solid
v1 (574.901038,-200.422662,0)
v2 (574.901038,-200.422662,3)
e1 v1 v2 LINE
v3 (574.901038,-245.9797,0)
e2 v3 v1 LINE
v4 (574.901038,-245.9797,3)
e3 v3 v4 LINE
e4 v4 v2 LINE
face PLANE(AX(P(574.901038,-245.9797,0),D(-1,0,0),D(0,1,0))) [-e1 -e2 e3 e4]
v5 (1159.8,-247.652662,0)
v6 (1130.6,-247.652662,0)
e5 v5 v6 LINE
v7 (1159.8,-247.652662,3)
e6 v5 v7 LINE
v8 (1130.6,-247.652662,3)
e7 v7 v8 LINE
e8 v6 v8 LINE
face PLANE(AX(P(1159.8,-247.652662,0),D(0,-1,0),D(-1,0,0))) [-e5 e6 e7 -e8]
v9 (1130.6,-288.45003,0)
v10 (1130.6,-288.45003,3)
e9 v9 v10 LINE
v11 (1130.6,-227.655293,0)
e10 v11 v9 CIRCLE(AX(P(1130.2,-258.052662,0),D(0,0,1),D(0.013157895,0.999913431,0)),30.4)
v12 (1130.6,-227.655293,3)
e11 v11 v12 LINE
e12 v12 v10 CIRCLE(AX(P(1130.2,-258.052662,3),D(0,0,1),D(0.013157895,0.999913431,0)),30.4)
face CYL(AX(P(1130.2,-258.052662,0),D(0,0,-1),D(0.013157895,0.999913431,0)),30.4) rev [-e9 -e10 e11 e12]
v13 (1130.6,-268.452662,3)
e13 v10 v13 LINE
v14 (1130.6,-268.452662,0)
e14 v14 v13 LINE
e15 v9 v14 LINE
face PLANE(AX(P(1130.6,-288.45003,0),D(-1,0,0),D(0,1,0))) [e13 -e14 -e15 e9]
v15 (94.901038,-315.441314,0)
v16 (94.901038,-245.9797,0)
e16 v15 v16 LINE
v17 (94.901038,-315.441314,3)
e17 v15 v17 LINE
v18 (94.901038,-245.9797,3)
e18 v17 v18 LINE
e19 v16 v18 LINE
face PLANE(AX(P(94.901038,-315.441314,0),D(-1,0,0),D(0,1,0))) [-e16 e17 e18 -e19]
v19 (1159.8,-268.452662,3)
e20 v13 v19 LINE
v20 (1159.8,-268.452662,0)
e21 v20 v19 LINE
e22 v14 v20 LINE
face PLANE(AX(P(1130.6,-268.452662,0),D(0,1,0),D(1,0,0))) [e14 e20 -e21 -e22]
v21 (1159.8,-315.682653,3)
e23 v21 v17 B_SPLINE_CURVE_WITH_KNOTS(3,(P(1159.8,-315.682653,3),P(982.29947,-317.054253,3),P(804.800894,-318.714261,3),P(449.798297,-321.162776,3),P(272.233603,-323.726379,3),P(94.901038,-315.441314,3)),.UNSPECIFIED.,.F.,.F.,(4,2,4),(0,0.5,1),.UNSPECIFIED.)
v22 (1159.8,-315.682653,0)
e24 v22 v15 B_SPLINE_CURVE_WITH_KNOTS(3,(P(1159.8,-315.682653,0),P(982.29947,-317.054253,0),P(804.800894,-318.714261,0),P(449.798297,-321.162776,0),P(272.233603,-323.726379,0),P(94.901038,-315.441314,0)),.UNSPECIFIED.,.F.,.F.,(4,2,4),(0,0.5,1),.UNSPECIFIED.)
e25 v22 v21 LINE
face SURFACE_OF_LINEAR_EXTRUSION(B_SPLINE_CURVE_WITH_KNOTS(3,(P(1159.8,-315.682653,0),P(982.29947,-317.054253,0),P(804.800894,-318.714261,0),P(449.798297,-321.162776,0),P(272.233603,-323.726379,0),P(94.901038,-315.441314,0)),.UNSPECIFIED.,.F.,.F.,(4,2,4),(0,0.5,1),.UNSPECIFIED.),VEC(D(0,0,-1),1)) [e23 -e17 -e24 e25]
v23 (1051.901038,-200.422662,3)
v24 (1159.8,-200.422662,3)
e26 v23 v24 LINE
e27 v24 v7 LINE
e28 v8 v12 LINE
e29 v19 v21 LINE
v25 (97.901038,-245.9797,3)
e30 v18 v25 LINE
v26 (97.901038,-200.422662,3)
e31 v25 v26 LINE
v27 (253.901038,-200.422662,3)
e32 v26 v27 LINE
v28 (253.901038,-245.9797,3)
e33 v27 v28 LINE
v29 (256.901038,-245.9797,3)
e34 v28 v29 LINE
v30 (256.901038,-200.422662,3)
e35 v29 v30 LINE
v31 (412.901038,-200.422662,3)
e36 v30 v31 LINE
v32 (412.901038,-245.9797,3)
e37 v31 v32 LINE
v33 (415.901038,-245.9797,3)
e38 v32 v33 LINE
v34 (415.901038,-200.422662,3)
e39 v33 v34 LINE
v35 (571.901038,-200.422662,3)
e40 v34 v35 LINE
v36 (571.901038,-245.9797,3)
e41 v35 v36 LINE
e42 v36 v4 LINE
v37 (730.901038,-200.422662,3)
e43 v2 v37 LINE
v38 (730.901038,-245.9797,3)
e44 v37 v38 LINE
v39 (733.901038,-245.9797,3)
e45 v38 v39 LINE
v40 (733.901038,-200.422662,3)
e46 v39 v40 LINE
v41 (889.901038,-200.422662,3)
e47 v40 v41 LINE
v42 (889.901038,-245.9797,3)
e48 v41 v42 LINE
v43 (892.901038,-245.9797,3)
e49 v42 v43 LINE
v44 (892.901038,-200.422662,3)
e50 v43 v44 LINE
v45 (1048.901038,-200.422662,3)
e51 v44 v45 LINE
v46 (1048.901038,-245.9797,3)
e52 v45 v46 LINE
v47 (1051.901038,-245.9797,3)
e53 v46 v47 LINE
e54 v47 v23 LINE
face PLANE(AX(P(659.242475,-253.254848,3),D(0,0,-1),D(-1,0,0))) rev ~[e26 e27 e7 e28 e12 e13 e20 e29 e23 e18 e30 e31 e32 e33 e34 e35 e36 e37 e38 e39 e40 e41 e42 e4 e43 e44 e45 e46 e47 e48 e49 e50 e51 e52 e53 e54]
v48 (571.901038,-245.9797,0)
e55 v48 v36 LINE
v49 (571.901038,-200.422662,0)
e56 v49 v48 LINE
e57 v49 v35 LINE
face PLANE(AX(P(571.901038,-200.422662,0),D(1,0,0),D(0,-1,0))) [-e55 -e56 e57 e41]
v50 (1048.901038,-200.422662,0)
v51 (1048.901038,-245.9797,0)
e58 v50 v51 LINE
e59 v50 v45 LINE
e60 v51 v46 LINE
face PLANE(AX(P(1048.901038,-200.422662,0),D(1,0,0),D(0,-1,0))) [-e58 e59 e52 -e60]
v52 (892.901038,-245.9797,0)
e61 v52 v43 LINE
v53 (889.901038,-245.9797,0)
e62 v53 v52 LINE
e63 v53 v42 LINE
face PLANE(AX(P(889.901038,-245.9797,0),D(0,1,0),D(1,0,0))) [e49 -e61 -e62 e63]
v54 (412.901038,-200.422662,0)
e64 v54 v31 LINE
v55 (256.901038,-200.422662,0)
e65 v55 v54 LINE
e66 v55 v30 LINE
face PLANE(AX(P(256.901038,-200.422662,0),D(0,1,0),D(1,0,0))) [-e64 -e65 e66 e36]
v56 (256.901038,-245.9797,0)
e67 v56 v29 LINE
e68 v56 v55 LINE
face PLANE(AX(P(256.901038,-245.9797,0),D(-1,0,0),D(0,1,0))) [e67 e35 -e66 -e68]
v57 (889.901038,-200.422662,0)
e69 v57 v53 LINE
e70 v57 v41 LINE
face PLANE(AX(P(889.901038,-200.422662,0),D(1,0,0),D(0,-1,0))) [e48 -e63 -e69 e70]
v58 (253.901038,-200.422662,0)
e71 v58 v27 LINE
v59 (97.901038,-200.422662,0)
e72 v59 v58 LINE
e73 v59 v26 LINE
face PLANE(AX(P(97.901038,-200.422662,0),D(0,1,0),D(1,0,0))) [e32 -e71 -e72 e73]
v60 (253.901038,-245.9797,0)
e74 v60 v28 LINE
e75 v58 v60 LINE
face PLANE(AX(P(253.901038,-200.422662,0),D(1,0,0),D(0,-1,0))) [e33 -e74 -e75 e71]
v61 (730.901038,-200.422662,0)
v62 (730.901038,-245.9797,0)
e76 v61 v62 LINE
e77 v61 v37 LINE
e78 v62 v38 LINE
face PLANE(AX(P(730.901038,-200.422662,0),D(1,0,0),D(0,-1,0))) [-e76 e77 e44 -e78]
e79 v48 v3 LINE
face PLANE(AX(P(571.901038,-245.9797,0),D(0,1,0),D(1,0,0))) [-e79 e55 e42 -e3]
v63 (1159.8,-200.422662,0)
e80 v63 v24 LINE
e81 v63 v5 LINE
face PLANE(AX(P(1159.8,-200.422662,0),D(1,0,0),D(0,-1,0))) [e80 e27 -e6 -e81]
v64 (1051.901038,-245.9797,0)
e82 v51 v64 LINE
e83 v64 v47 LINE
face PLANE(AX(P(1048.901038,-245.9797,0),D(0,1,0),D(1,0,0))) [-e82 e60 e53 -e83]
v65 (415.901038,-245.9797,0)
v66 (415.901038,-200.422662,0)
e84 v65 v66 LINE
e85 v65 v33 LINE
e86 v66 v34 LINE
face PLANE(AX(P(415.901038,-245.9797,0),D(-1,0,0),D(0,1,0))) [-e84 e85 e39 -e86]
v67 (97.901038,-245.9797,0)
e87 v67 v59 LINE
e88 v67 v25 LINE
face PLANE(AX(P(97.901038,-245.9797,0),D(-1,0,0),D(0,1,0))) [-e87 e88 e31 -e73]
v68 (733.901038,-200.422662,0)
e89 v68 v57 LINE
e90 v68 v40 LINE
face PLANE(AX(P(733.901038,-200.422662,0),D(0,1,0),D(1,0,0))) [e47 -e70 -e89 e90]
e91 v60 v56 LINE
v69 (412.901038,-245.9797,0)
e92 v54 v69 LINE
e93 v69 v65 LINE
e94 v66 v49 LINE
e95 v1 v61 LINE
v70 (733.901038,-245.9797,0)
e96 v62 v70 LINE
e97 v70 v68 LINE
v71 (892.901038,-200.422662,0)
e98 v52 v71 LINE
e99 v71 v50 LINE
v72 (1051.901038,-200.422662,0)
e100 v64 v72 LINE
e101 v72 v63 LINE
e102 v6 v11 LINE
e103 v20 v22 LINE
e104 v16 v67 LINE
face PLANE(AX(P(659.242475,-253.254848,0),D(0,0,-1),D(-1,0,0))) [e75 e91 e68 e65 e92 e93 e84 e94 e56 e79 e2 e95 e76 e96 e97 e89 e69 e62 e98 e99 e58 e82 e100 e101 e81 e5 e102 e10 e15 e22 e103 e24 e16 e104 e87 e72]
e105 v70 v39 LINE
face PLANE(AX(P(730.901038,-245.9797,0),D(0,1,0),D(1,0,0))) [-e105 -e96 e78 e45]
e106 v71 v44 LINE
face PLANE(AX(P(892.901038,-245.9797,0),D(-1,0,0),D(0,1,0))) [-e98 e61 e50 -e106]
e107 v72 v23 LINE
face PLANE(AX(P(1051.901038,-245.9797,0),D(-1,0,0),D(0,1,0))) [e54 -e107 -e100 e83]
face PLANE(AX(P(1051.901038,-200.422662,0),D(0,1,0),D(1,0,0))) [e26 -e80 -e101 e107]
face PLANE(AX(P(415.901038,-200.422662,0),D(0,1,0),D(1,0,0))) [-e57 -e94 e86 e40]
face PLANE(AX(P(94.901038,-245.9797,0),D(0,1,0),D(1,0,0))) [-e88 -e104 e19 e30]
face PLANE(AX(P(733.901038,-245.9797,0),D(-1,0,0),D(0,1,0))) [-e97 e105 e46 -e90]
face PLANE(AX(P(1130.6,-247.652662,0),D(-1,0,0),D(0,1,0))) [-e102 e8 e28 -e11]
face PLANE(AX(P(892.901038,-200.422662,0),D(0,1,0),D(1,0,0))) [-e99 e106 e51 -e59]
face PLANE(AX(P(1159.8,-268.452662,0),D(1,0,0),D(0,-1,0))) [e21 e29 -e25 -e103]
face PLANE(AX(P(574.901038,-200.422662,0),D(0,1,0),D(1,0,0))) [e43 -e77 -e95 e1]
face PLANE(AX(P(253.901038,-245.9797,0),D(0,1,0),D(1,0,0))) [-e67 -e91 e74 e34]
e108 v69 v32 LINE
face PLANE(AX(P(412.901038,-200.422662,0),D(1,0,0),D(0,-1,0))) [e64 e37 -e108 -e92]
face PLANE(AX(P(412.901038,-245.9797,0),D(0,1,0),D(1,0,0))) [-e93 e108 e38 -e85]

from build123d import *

# Parameters (mm, degrees)
BOSS_EXTRUDE1_DEPTH = 3


with BuildPart() as part:
    # Model → Boss-Extrude1 (new body)
    with BuildSketch(Plane.XY):
        with BuildLine():
            Line((1159.8, -200.422661621), (1159.8, -247.652661621))
            Line((1159.8, -247.652661621), (1130.6, -247.652661621))
            Line((1130.6, -247.652661621), (1130.6, -227.655293314))
            ThreePointArc((1130.6, -227.655293314), (1099.799999997, -258.052661621), (1130.6, -288.450029928))
            Line((1130.6, -288.450029928), (1130.6, -268.452661621))
            Line((1130.6, -268.452661621), (1159.8, -268.452661621))
            Line((1159.8, -268.452661621), (1159.8, -315.682652611))
            add(Edge.make_bspline(
                [(1159.8, -315.682652611), (982.299469587, -317.054252859), (804.800894245, -318.714261239), (449.798296518, -321.162775901), (272.233603405, -323.726378565), (94.901037796, -315.441313757)],
                knots=[0, 0, 0, 0, 0.5, 0.5, 1, 1, 1, 1], degree=3))
            Line((94.901037796, -315.441313757), (94.901037796, -245.979700014))
            Line((94.901037796, -245.979700014), (97.901037796, -245.979700014))
            Line((97.901037796, -245.979700014), (97.901037796, -200.422661621))
            Line((97.901037796, -200.422661621), (253.901037796, -200.422661621))
            Line((253.901037796, -200.422661621), (253.901037796, -245.979700014))
            Line((253.901037796, -245.979700014), (256.901037795, -245.979700014))
            Line((256.901037795, -245.979700014), (256.901037795, -200.422661621))
            Line((256.901037795, -200.422661621), (412.901037795, -200.422661621))
            Line((412.901037795, -200.422661621), (412.901037795, -245.979700014))
            Line((412.901037795, -245.979700014), (415.901037795, -245.979700014))
            Line((415.901037795, -245.979700014), (415.901037795, -200.422661621))
            Line((415.901037795, -200.422661621), (571.901037795, -200.422661621))
            Line((571.901037795, -200.422661621), (571.901037795, -245.979700014))
            Line((571.901037795, -245.979700014), (574.901037795, -245.979700014))
            Line((574.901037795, -245.979700014), (574.901037795, -200.422661621))
            Line((574.901037795, -200.422661621), (730.901037795, -200.422661621))
            Line((730.901037795, -200.422661621), (730.901037795, -245.979700014))
            Line((730.901037795, -245.979700014), (733.901037795, -245.979700014))
            Line((733.901037795, -245.979700014), (733.901037795, -200.422661621))
            Line((733.901037795, -200.422661621), (889.901037795, -200.422661621))
            Line((889.901037795, -200.422661621), (889.901037795, -245.979700014))
            Line((889.901037795, -245.979700014), (892.901037795, -245.979700014))
            Line((892.901037795, -245.979700014), (892.901037795, -200.422661621))
            Line((892.901037795, -200.422661621), (1048.901037796, -200.422661621))
            Line((1048.901037796, -200.422661621), (1048.901037796, -245.979700014))
            Line((1048.901037796, -245.979700014), (1051.901037795, -245.979700014))
            Line((1051.901037795, -245.979700014), (1051.901037795, -200.422661621))
            Line((1051.901037795, -200.422661621), (1159.8, -200.422661621))
        make_face()
    extrude(amount=BOSS_EXTRUDE1_DEPTH)


solid = part.part
